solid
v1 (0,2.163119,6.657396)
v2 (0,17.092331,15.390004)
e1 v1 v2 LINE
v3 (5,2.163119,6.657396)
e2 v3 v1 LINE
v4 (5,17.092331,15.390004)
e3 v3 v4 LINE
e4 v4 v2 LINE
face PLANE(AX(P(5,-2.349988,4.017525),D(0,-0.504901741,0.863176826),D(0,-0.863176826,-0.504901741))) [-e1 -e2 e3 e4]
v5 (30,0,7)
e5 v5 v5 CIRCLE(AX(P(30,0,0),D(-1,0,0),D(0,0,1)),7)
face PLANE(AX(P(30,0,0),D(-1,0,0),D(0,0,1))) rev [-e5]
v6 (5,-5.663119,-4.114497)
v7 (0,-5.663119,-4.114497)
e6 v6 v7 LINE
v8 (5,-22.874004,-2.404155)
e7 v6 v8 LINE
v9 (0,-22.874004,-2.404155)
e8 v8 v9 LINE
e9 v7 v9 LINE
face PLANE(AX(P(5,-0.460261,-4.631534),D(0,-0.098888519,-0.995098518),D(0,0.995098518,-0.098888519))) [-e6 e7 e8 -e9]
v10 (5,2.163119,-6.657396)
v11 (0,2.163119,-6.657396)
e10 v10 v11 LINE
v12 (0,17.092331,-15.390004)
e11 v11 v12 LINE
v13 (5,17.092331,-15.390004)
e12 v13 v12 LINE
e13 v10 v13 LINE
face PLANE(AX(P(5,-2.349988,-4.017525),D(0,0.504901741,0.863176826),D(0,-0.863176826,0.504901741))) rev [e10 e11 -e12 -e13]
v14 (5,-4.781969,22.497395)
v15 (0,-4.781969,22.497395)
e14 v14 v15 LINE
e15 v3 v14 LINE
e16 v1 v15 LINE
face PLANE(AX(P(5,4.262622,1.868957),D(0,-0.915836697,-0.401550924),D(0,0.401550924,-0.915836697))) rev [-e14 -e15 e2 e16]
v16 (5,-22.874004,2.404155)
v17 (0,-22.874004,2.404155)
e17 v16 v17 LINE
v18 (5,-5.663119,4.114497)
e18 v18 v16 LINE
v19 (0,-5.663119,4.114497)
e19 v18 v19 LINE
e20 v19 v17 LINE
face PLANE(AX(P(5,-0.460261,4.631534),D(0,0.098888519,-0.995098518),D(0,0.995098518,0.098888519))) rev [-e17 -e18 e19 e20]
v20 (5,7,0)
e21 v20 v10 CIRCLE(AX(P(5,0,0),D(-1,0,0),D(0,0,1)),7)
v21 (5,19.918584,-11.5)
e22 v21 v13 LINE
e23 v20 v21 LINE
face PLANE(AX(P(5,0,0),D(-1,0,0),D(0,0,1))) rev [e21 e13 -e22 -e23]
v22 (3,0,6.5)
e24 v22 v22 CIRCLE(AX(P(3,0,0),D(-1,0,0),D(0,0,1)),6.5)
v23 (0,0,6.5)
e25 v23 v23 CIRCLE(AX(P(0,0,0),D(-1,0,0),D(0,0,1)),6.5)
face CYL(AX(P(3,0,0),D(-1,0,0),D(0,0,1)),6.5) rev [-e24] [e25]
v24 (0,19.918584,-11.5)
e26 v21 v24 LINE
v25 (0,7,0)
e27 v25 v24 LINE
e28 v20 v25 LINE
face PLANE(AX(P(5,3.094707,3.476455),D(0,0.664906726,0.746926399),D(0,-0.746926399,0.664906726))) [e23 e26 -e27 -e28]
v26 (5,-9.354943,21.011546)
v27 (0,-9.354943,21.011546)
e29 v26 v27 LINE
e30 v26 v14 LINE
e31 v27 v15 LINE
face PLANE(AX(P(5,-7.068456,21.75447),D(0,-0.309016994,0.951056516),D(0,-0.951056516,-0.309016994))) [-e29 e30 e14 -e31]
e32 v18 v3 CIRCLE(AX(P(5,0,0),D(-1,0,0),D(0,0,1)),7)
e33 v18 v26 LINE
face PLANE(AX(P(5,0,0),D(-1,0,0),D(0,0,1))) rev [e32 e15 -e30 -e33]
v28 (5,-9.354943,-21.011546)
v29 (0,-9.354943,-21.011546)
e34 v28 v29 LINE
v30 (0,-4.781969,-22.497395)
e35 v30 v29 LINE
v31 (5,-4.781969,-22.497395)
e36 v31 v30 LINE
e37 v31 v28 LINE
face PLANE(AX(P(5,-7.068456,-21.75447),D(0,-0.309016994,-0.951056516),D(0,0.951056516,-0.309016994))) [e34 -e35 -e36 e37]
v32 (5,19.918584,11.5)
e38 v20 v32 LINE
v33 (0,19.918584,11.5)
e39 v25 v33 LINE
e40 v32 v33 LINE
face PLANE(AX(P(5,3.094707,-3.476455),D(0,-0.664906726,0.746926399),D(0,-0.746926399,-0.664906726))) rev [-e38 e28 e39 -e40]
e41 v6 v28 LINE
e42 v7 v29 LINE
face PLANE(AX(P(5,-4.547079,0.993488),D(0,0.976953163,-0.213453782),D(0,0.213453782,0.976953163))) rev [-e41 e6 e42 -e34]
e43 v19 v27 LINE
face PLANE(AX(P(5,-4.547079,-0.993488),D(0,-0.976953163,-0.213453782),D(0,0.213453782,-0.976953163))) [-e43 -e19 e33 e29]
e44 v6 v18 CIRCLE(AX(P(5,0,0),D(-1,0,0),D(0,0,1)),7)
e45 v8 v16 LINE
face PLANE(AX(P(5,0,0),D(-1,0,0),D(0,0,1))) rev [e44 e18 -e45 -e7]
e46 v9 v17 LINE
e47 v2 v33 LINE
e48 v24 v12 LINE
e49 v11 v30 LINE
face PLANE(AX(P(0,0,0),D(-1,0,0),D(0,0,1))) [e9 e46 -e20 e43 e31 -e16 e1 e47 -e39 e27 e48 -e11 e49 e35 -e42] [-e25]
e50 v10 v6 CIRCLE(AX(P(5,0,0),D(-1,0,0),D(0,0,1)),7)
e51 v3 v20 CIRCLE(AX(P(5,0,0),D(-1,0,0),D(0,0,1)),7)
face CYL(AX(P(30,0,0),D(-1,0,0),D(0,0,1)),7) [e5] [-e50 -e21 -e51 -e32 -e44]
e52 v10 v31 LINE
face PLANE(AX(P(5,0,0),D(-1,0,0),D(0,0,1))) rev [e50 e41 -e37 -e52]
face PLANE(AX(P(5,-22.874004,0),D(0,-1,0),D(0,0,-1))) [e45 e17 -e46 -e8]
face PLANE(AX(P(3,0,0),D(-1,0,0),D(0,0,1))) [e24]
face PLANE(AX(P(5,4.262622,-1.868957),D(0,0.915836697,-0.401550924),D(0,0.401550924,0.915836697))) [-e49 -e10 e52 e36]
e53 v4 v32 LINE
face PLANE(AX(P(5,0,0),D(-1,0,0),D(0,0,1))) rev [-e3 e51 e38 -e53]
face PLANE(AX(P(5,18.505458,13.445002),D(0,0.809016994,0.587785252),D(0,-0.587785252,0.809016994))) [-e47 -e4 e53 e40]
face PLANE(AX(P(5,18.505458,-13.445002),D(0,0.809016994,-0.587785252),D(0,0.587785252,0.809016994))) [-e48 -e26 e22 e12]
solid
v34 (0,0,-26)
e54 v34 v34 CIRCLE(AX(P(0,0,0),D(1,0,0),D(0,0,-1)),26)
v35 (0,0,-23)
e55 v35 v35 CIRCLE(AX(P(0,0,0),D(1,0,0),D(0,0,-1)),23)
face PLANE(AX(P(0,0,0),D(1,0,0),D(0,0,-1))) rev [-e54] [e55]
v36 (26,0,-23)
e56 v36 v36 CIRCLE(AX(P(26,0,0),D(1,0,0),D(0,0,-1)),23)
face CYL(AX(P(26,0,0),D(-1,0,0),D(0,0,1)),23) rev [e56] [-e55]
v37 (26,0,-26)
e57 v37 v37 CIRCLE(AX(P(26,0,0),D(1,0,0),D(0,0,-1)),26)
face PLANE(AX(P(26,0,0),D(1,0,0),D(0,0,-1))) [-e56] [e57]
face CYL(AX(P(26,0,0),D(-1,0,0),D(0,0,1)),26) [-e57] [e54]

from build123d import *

# Parameters (mm, degrees)
SKETCH_2_R          = 26
SKETCH_2_R_2        = 23
EXTRUDE_1_DEPTH     = 26
SKETCH_4_R          = 7
EXTRUDE_1_2_DEPTH   = 30
EXTRUDE_2_DEPTH     = 5
SKETCH_7_R          = 6.5
CUT_EXTRUDE_1_DEPTH = 3


with BuildPart() as part:
    # Эскиз2 → Extrude 1 (new body)
    with BuildSketch(Plane(origin=(0, 0, 0), x_dir=(0, 0, -1), z_dir=(1, 0, 0))):
        Circle(SKETCH_2_R)
        Circle(SKETCH_2_R_2, mode=Mode.SUBTRACT)
    extrude(amount=EXTRUDE_1_DEPTH)


with BuildPart() as body_2:
    # Эскиз4 → Extrude 1 2 (new body)
    with BuildSketch(Plane.ZY):
        Circle(SKETCH_4_R)
    extrude(amount=-EXTRUDE_1_2_DEPTH)

    # Эскиз6 → Бобышка-Вытянуть2 (add)
    with BuildSketch(Plane.ZY):
        with BuildLine():
            ThreePointArc((-6.657395614, 2.163118961), (-4.114496766, 5.663118961), (0, 7))
            Line((0, 7), (-11.5, 19.918584287))
            Line((-11.5, 19.918584287), (-15.390003946, 17.092330986))
            Line((-15.390003946, 17.092330986), (-6.657395614, 2.163118961))
        make_face()
        with BuildLine():
            Line((11.5, 19.918584287), (0, 7))
            ThreePointArc((0, 7), (4.114496766, 5.663118961), (6.657395614, 2.163118961))
            Line((6.657395614, 2.163118961), (15.390003946, 17.092330986))
            Line((15.390003946, 17.092330986), (11.5, 19.918584287))
        make_face()
        with BuildLine():
            Line((22.497394817, -4.781968889), (6.657395614, 2.163118961))
            ThreePointArc((6.657395614, 2.163118961), (6.913818384, 1.095041255), (7, 0))
            ThreePointArc((7, 0), (6.237045669, -3.177933498), (4.114496766, -5.663118961))
            Line((4.114496766, -5.663118961), (21.011545526, -9.354942791))
            Line((21.011545526, -9.354942791), (22.497394817, -4.781968889))
        make_face()
        with BuildLine():
            ThreePointArc((4.114496766, -5.663118961), (0, -7), (-4.114496766, -5.663118961))
            Line((-4.114496766, -5.663118961), (-2.404154655, -22.874003593))
            Line((-2.404154655, -22.874003593), (2.404154655, -22.874003593))
            Line((2.404154655, -22.874003593), (4.114496766, -5.663118961))
        make_face()
        with BuildLine():
            ThreePointArc((-4.114496766, -5.663118961), (-6.657395614, -2.163118961), (-6.657395614, 2.163118961))
            Line((-6.657395614, 2.163118961), (-22.497394817, -4.781968889))
            Line((-22.497394817, -4.781968889), (-21.011545526, -9.354942791))
            Line((-21.011545526, -9.354942791), (-4.114496766, -5.663118961))
        make_face()
    extrude(amount=-EXTRUDE_2_DEPTH)

    # Эскиз7 → Вырез-Вытянуть1 (cut)
    with BuildSketch(Plane.ZY):
        Circle(SKETCH_7_R)
    extrude(amount=-CUT_EXTRUDE_1_DEPTH, mode=Mode.SUBTRACT)


solid = Compound([part.part, body_2.part])
